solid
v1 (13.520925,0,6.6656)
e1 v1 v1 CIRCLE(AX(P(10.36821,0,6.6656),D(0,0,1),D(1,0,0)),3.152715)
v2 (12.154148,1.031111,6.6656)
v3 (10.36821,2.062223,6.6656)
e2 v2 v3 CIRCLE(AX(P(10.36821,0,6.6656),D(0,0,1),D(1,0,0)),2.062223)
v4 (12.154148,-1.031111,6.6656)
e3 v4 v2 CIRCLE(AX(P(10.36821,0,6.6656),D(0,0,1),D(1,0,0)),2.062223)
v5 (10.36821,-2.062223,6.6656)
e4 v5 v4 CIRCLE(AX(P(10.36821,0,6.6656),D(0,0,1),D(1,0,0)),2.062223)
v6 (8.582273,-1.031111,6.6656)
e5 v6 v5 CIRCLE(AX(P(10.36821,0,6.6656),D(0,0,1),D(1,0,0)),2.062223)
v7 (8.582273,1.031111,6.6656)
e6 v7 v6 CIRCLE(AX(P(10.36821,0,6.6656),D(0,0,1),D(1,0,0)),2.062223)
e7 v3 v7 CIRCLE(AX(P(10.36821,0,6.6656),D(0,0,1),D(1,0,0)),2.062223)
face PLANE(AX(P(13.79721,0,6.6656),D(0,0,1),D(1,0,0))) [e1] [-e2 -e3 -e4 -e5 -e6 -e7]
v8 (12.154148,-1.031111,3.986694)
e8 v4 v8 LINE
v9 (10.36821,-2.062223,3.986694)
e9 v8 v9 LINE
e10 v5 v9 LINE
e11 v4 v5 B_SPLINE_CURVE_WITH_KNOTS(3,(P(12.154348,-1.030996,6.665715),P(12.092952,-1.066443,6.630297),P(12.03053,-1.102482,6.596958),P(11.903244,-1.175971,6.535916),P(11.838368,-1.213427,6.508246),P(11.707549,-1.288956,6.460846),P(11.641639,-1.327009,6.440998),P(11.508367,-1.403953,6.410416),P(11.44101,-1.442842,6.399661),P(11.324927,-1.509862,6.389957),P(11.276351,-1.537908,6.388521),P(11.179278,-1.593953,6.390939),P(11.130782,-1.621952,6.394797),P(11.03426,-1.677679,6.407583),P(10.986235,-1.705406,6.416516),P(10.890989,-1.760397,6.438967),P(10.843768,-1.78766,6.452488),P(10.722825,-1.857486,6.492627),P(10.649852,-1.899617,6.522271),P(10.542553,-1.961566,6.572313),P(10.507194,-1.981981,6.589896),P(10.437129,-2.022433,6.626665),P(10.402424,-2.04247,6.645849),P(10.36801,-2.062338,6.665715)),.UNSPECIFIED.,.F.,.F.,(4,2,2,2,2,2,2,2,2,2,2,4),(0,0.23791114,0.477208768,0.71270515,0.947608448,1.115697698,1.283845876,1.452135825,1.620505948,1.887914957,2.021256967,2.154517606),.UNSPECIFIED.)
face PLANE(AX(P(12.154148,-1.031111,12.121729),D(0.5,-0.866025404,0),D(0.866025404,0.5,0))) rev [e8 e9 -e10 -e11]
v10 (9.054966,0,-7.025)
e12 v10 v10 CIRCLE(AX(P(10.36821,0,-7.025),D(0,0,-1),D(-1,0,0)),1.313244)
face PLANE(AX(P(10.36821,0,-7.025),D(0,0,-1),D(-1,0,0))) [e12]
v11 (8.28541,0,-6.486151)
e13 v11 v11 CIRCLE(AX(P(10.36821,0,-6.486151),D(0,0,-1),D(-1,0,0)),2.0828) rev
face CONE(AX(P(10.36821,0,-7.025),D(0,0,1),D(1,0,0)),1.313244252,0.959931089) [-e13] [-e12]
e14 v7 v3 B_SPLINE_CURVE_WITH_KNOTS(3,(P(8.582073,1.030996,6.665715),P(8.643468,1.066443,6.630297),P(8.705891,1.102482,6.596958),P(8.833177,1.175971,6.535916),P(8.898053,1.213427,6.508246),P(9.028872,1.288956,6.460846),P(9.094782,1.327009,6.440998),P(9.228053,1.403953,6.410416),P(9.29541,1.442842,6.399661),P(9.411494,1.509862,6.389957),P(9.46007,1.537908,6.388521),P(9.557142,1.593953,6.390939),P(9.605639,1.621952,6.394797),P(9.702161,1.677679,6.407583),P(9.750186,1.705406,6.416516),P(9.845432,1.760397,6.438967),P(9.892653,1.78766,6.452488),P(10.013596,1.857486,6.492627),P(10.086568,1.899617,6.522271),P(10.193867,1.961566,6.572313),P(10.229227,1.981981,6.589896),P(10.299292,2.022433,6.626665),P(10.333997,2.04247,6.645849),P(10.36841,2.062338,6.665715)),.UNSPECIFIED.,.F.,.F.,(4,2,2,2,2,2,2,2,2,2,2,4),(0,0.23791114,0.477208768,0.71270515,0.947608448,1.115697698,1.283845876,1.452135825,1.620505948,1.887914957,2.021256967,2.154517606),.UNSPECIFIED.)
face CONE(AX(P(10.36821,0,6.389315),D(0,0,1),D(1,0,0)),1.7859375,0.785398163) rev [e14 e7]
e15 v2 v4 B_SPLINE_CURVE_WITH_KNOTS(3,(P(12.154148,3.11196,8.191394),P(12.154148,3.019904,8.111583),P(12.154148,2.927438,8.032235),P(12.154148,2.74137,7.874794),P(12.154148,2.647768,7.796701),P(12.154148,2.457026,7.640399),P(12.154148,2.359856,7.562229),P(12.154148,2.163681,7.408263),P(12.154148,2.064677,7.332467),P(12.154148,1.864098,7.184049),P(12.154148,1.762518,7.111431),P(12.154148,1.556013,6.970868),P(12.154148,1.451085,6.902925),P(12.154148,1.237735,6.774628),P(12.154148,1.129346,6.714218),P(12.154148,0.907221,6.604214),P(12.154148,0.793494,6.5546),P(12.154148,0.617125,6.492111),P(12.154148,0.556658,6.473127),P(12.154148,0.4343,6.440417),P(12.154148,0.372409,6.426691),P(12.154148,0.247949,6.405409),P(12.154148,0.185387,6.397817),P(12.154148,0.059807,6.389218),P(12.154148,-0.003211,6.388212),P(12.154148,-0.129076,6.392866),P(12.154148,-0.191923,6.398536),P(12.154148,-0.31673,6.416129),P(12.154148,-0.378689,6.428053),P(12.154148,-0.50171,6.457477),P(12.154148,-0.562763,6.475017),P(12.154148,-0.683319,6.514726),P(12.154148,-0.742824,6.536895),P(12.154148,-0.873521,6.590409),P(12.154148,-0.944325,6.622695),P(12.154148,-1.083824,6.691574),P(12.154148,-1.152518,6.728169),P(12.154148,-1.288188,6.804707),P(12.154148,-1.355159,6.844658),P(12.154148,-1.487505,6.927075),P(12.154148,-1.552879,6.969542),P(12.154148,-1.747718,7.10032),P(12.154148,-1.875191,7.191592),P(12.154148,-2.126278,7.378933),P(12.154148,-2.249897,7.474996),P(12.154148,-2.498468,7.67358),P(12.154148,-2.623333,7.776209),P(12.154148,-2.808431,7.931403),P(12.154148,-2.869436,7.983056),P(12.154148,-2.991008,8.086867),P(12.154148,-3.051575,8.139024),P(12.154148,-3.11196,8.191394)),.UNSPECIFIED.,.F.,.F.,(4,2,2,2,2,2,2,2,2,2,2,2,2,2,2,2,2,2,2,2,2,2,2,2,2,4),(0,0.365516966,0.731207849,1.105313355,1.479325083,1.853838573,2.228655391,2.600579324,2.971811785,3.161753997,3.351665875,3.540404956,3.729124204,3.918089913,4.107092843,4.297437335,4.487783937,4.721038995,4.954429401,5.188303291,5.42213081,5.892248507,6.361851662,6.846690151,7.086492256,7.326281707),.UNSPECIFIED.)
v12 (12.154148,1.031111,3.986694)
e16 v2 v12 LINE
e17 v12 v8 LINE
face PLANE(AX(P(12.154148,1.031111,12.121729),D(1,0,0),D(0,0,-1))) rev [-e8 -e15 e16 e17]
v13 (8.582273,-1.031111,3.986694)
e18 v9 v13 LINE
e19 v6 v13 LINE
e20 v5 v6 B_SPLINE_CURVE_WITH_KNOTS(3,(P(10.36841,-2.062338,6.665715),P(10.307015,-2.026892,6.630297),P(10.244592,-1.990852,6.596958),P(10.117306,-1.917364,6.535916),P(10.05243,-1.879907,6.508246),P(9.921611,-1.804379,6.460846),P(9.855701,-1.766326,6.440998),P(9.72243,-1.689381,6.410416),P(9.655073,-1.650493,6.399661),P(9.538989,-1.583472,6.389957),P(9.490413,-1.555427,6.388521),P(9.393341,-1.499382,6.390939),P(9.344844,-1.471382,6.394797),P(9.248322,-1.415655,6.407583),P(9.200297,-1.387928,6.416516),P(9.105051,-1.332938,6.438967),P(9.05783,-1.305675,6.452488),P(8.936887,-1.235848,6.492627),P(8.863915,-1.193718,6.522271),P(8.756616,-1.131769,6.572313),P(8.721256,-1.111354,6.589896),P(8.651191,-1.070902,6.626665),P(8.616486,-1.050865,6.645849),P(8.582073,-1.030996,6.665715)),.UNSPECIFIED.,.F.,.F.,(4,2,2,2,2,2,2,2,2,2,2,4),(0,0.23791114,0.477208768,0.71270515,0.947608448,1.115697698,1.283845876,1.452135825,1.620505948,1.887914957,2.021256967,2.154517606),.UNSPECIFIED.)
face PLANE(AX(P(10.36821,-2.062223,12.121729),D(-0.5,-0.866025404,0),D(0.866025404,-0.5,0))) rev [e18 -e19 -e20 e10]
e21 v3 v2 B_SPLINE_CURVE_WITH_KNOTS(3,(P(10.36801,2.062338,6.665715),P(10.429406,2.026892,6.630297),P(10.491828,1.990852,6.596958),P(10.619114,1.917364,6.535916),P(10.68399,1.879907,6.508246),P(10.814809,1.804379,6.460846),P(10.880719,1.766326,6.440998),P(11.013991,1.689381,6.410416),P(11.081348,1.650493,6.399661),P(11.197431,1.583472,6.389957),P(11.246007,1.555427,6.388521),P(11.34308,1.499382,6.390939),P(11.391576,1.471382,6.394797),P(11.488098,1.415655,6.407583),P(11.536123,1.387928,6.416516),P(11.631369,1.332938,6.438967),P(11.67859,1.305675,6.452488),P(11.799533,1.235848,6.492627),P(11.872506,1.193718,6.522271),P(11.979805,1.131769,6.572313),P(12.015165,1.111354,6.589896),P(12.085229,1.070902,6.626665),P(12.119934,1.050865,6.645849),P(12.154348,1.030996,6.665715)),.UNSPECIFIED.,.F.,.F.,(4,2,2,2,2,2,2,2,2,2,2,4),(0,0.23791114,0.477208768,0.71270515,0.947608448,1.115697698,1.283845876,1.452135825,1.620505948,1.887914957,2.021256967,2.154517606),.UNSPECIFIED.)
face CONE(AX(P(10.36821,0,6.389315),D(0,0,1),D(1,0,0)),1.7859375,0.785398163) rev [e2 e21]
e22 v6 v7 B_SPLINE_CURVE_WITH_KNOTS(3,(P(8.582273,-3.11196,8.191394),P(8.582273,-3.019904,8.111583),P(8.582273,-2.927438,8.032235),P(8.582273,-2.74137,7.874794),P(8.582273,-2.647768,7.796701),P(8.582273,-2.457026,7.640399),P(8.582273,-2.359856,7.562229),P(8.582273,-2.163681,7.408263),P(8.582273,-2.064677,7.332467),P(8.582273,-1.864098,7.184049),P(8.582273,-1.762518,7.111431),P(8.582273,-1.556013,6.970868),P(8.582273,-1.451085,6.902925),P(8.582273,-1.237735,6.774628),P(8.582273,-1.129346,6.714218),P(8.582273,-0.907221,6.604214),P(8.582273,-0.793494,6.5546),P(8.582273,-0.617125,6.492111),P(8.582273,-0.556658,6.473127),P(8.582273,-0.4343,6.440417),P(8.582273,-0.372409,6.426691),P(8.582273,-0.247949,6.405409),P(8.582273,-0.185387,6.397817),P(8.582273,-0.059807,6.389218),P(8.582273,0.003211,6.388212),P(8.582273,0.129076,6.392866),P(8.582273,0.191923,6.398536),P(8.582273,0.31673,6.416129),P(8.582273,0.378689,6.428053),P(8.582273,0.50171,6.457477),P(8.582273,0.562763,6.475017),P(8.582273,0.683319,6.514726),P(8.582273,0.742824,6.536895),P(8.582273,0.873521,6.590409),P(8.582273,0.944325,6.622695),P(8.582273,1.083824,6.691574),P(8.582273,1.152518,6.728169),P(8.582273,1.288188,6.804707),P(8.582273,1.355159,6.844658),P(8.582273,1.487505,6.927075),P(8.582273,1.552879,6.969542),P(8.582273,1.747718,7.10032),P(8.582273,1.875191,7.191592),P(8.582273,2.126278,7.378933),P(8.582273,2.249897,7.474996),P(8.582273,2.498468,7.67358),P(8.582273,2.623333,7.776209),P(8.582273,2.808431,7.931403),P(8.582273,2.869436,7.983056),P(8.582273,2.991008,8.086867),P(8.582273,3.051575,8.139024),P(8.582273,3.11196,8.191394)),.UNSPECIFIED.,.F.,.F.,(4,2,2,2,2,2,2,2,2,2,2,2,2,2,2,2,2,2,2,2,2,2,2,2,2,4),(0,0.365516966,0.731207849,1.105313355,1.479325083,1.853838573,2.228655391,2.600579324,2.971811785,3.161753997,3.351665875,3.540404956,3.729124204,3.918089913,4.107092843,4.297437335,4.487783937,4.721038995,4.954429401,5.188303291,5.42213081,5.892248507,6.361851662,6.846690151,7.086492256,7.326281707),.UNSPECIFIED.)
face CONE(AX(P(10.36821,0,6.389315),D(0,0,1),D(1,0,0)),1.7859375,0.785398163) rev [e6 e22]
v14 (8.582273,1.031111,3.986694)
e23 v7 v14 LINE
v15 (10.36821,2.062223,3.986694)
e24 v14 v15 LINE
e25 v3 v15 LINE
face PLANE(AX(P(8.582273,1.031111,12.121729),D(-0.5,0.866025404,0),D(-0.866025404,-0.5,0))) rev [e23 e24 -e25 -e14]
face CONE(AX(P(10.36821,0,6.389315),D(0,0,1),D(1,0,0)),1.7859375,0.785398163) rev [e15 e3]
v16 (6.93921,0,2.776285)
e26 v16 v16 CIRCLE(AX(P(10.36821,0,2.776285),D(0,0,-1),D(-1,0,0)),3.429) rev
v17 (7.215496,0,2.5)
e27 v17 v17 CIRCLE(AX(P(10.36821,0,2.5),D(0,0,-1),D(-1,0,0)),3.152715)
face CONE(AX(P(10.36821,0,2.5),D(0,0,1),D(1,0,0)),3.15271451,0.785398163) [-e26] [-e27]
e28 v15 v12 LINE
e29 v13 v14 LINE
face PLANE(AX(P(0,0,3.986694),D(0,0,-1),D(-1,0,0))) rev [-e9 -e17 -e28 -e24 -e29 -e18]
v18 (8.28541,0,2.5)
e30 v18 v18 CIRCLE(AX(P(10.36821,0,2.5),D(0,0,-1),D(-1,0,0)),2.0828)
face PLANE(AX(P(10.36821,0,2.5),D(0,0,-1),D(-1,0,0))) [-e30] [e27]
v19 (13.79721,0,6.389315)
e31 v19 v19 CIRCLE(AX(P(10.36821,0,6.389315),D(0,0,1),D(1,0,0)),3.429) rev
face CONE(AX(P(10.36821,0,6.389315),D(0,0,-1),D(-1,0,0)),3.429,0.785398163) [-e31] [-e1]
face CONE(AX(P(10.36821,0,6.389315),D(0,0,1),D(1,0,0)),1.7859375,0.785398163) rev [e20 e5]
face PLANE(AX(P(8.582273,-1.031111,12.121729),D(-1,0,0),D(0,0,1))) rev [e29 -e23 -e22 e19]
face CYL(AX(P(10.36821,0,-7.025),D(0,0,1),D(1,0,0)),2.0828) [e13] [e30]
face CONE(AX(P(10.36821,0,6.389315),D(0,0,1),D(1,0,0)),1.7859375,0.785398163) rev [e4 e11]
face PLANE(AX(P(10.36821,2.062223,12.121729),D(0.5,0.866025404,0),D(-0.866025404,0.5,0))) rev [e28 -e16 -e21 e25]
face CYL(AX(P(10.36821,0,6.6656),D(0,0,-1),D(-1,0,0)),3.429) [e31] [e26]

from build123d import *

# Parameters (mm, degrees)
SKETCH1_W           = 3.429
SKETCH1_H           = 4.1656
SKETCH2_R           = 2.0828
BOSS_EXTRUDE1_DEPTH = 9.525
CUT_EXTRUDE1_DEPTH  = 2.678906
CHAMFER1_SIZE       = 0.27628549
CHAMFER2_SIZE       = 0.769555748
CHAMFER2_SIZE2      = 0.538848736


with BuildPart() as part:
    # Sketch1 → Revolve1 (revolve)
    with BuildSketch(Plane.XZ):
        with Locations((12.082710259, 4.5828)):
            Rectangle(SKETCH1_W, SKETCH1_H)
    revolve(axis=Axis((10.368210259, 0, 6.6656), (0, 0, -1)))

    # Sketch2 → Boss-Extrude1 (add)
    with BuildSketch(Plane(origin=(0, 0, 2.5), x_dir=(-1, 0, 0), z_dir=(0, 0, -1))):
        with Locations((-10.368210259, 0)):
            Circle(SKETCH2_R)
    extrude(amount=BOSS_EXTRUDE1_DEPTH)

    # Sketch3 → Cut-Extrude1 (cut)
    with BuildSketch(Plane(origin=(0, 0, 3.98669375), x_dir=(-1, 0, 0), z_dir=(0, 0, -1))):
        Polygon((-10.368210259, -2.062222993), (-8.582272759, -1.031111496), (-8.582272759, 1.031111496), (-10.368210259, 2.062222993), (-12.154147759, 1.031111496), (-12.154147759, -1.031111496), align=None)
    extrude(amount=-CUT_EXTRUDE1_DEPTH, mode=Mode.SUBTRACT)

    # Chamfer1
    chamfer1_edges = [part.edges().sort_by_distance(p)[0] for p in [
        (6.939210259, 0, 2.5),
        (6.939210259, 0, 6.6656),
    ]]
    chamfer(chamfer1_edges, length=CHAMFER1_SIZE)

    # Chamfer2
    chamfer2_edges = [part.edges().sort_by_distance(p)[0] for p in [
        (12.451010259, 0, -7.025),
    ]]
    chamfer2_side = [part.faces().sort_by_distance(p)[0] for p in [
        (10.368210259, 0, -7.025),
    ]]
    chamfer(chamfer2_edges, length=CHAMFER2_SIZE, length2=CHAMFER2_SIZE2, reference=chamfer2_side[0])

    # Sketch4 → Cut-Revolve1 (revolve, cut)
    with BuildSketch(Plane(origin=(0, 0, 0), x_dir=(1, 0, 0), z_dir=(0, 1, 0))):
        Polygon((8.582272759, -6.38931451), (8.305987269, -6.6656), (8.582272759, -6.6656), align=None)
    revolve(axis=Axis((10.368210259, 0, 6.799545312), (0, 0, -1)), mode=Mode.SUBTRACT)


solid = part.part
